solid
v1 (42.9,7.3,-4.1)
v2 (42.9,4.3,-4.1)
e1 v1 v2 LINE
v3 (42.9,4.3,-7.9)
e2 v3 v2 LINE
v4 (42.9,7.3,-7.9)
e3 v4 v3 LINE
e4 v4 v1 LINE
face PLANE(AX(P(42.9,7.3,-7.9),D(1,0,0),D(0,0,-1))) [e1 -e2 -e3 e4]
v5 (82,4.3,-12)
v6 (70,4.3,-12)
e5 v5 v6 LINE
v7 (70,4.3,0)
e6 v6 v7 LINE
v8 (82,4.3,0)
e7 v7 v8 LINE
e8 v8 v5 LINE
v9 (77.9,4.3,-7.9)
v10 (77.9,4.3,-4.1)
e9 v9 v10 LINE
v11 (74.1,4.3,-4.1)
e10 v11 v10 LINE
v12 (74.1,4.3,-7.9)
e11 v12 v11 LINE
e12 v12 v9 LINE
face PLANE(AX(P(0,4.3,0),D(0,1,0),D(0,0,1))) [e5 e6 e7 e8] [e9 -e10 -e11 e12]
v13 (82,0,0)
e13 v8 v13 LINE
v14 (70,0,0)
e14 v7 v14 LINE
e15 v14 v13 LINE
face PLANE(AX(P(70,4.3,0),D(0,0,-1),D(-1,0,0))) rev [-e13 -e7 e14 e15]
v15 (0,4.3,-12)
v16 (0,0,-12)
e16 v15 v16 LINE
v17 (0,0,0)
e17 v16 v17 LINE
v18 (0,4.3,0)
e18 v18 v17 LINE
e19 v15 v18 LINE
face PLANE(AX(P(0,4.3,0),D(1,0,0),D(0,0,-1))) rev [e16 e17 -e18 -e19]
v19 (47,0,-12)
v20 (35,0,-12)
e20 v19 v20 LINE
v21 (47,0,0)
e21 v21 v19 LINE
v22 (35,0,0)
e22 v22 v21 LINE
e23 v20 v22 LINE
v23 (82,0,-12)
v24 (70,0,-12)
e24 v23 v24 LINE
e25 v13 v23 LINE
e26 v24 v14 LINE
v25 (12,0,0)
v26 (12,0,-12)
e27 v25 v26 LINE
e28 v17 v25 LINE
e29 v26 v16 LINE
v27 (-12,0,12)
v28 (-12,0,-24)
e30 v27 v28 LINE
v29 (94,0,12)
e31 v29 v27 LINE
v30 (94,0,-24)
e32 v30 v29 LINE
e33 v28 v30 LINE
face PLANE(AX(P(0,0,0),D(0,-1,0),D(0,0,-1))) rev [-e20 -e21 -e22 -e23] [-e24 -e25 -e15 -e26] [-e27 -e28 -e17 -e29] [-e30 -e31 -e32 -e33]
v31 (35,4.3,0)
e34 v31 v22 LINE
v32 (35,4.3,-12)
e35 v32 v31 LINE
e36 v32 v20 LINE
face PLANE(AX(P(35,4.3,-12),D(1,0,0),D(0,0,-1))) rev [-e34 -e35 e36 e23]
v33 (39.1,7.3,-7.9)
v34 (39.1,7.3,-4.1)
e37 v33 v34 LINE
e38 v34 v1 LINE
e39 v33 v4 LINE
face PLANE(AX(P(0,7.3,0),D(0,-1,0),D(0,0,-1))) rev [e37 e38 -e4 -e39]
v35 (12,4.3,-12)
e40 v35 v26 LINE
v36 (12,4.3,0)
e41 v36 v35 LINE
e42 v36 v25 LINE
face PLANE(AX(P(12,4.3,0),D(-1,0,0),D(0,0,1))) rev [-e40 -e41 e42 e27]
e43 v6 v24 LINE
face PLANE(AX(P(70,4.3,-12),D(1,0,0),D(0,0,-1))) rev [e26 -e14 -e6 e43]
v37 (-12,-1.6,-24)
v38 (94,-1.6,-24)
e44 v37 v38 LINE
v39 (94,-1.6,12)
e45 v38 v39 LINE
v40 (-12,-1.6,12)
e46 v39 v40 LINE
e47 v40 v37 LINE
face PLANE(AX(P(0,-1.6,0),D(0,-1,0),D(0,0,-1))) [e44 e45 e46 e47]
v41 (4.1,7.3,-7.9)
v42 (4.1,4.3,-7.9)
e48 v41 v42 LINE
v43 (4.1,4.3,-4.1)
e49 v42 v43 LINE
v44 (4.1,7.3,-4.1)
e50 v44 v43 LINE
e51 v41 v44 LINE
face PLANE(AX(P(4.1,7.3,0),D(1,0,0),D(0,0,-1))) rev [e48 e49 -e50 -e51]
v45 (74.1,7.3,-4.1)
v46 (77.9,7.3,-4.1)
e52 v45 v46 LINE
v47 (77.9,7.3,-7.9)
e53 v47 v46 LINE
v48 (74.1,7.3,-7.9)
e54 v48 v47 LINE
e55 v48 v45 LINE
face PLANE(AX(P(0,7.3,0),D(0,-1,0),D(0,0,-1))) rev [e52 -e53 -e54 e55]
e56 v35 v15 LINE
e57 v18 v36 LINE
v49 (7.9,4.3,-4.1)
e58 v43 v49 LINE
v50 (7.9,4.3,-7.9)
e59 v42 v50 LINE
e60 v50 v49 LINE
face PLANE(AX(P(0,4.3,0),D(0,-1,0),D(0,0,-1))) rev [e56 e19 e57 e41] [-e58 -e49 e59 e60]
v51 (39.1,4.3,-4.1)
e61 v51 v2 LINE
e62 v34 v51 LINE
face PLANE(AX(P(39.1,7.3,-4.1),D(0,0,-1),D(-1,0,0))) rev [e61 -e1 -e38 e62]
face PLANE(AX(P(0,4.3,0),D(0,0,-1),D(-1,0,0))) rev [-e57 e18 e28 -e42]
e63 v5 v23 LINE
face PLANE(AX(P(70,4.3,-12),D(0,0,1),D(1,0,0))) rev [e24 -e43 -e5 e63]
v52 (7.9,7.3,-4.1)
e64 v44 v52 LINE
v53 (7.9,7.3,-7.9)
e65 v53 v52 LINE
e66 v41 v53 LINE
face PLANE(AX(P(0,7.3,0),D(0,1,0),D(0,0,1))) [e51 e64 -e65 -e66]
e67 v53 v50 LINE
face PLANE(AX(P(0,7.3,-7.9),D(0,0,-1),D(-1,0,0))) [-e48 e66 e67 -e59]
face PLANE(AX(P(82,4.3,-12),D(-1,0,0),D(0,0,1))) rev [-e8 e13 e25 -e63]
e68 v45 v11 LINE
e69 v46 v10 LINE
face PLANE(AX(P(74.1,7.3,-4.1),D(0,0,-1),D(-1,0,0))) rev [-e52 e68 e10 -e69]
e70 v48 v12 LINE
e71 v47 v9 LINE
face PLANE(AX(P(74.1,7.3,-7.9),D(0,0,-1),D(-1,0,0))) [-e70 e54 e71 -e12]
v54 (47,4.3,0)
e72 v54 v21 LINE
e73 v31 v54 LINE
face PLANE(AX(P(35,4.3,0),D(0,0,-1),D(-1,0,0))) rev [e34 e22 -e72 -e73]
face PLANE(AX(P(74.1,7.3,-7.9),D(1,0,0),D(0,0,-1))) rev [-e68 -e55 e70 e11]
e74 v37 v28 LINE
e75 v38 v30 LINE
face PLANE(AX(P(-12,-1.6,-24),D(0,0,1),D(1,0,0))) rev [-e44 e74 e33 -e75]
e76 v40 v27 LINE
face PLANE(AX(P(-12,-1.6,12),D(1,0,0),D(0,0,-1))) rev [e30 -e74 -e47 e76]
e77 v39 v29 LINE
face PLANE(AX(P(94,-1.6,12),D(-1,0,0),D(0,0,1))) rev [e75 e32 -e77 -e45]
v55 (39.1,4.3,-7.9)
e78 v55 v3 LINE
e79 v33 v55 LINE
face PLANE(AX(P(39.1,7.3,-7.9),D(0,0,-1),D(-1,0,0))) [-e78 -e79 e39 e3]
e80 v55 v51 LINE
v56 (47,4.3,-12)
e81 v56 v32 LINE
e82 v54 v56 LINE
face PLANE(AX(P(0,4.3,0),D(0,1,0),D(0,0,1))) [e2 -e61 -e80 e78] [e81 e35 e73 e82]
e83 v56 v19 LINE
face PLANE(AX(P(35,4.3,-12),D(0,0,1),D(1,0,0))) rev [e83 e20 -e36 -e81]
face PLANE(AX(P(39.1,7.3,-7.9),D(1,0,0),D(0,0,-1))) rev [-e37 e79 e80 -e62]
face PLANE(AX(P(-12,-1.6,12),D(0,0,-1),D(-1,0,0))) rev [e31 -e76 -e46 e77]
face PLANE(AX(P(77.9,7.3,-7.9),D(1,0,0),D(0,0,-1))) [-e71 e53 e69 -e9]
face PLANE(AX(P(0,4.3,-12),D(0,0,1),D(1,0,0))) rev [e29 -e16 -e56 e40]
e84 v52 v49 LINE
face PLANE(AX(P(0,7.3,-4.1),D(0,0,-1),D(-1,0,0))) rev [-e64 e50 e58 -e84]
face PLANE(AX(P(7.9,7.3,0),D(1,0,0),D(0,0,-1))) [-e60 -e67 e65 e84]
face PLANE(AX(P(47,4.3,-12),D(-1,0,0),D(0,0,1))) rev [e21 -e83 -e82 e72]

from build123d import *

# Parameters (mm, degrees)
SKETCH1_W           = 12
SKETCH1_H           = 12
BOSS_EXTRUDE1_DEPTH = 4.3
SKETCH2_W           = 3.8
SKETCH2_H           = 3.8
BOSS_EXTRUDE2_DEPTH = 3
SKETCH3_W           = 106
SKETCH3_H           = 36
BOSS_EXTRUDE3_DEPTH = 1.6
SKETCH4_W           = 12
SKETCH4_H           = 12
BOSS_EXTRUDE4_DEPTH = 4.3
SKETCH5_W           = 3.8
SKETCH5_H           = 3.8
BOSS_EXTRUDE5_DEPTH = 3


with BuildPart() as part:
    # Sketch1 → Boss-Extrude1 (new body)
    with BuildSketch(Plane(origin=(0, 0, 0), x_dir=(1, 0, 0), z_dir=(0, 1, 0))):
        with Locations((6, 6)):
            Rectangle(SKETCH1_W, SKETCH1_H)
    extrude(amount=BOSS_EXTRUDE1_DEPTH)

    # Sketch2 → Boss-Extrude2 (add)
    with BuildSketch(Plane(origin=(0, 4.3, 0), x_dir=(1, 0, 0), z_dir=(0, 1, 0))):
        with Locations((6, 6)):
            Rectangle(SKETCH2_W, SKETCH2_H)
    extrude(amount=BOSS_EXTRUDE2_DEPTH)

    # Sketch3 → Boss-Extrude3 (add)
    with BuildSketch(Plane.XZ):
        with Locations((41, -6)):
            Rectangle(SKETCH3_W, SKETCH3_H)
    extrude(amount=BOSS_EXTRUDE3_DEPTH)

    # Sketch4 → Boss-Extrude4 (add)
    with BuildSketch(Plane(origin=(0, 0, 0), x_dir=(1, 0, 0), z_dir=(0, 1, 0))):
        with Locations((41, 6)):
            Rectangle(SKETCH4_W, SKETCH4_H)
        with Locations((76, 6)):
            Rectangle(SKETCH4_W, SKETCH4_H)
    extrude(amount=BOSS_EXTRUDE4_DEPTH)

    # Sketch5 → Boss-Extrude5 (add)
    with BuildSketch(Plane(origin=(0, 4.3, 0), x_dir=(1, 0, 0), z_dir=(0, 1, 0))):
        with Locations((41, 6)):
            Rectangle(SKETCH5_W, SKETCH5_H)
        with Locations((76, 6)):
            Rectangle(SKETCH5_W, SKETCH5_H)
    extrude(amount=BOSS_EXTRUDE5_DEPTH)


solid = part.part
